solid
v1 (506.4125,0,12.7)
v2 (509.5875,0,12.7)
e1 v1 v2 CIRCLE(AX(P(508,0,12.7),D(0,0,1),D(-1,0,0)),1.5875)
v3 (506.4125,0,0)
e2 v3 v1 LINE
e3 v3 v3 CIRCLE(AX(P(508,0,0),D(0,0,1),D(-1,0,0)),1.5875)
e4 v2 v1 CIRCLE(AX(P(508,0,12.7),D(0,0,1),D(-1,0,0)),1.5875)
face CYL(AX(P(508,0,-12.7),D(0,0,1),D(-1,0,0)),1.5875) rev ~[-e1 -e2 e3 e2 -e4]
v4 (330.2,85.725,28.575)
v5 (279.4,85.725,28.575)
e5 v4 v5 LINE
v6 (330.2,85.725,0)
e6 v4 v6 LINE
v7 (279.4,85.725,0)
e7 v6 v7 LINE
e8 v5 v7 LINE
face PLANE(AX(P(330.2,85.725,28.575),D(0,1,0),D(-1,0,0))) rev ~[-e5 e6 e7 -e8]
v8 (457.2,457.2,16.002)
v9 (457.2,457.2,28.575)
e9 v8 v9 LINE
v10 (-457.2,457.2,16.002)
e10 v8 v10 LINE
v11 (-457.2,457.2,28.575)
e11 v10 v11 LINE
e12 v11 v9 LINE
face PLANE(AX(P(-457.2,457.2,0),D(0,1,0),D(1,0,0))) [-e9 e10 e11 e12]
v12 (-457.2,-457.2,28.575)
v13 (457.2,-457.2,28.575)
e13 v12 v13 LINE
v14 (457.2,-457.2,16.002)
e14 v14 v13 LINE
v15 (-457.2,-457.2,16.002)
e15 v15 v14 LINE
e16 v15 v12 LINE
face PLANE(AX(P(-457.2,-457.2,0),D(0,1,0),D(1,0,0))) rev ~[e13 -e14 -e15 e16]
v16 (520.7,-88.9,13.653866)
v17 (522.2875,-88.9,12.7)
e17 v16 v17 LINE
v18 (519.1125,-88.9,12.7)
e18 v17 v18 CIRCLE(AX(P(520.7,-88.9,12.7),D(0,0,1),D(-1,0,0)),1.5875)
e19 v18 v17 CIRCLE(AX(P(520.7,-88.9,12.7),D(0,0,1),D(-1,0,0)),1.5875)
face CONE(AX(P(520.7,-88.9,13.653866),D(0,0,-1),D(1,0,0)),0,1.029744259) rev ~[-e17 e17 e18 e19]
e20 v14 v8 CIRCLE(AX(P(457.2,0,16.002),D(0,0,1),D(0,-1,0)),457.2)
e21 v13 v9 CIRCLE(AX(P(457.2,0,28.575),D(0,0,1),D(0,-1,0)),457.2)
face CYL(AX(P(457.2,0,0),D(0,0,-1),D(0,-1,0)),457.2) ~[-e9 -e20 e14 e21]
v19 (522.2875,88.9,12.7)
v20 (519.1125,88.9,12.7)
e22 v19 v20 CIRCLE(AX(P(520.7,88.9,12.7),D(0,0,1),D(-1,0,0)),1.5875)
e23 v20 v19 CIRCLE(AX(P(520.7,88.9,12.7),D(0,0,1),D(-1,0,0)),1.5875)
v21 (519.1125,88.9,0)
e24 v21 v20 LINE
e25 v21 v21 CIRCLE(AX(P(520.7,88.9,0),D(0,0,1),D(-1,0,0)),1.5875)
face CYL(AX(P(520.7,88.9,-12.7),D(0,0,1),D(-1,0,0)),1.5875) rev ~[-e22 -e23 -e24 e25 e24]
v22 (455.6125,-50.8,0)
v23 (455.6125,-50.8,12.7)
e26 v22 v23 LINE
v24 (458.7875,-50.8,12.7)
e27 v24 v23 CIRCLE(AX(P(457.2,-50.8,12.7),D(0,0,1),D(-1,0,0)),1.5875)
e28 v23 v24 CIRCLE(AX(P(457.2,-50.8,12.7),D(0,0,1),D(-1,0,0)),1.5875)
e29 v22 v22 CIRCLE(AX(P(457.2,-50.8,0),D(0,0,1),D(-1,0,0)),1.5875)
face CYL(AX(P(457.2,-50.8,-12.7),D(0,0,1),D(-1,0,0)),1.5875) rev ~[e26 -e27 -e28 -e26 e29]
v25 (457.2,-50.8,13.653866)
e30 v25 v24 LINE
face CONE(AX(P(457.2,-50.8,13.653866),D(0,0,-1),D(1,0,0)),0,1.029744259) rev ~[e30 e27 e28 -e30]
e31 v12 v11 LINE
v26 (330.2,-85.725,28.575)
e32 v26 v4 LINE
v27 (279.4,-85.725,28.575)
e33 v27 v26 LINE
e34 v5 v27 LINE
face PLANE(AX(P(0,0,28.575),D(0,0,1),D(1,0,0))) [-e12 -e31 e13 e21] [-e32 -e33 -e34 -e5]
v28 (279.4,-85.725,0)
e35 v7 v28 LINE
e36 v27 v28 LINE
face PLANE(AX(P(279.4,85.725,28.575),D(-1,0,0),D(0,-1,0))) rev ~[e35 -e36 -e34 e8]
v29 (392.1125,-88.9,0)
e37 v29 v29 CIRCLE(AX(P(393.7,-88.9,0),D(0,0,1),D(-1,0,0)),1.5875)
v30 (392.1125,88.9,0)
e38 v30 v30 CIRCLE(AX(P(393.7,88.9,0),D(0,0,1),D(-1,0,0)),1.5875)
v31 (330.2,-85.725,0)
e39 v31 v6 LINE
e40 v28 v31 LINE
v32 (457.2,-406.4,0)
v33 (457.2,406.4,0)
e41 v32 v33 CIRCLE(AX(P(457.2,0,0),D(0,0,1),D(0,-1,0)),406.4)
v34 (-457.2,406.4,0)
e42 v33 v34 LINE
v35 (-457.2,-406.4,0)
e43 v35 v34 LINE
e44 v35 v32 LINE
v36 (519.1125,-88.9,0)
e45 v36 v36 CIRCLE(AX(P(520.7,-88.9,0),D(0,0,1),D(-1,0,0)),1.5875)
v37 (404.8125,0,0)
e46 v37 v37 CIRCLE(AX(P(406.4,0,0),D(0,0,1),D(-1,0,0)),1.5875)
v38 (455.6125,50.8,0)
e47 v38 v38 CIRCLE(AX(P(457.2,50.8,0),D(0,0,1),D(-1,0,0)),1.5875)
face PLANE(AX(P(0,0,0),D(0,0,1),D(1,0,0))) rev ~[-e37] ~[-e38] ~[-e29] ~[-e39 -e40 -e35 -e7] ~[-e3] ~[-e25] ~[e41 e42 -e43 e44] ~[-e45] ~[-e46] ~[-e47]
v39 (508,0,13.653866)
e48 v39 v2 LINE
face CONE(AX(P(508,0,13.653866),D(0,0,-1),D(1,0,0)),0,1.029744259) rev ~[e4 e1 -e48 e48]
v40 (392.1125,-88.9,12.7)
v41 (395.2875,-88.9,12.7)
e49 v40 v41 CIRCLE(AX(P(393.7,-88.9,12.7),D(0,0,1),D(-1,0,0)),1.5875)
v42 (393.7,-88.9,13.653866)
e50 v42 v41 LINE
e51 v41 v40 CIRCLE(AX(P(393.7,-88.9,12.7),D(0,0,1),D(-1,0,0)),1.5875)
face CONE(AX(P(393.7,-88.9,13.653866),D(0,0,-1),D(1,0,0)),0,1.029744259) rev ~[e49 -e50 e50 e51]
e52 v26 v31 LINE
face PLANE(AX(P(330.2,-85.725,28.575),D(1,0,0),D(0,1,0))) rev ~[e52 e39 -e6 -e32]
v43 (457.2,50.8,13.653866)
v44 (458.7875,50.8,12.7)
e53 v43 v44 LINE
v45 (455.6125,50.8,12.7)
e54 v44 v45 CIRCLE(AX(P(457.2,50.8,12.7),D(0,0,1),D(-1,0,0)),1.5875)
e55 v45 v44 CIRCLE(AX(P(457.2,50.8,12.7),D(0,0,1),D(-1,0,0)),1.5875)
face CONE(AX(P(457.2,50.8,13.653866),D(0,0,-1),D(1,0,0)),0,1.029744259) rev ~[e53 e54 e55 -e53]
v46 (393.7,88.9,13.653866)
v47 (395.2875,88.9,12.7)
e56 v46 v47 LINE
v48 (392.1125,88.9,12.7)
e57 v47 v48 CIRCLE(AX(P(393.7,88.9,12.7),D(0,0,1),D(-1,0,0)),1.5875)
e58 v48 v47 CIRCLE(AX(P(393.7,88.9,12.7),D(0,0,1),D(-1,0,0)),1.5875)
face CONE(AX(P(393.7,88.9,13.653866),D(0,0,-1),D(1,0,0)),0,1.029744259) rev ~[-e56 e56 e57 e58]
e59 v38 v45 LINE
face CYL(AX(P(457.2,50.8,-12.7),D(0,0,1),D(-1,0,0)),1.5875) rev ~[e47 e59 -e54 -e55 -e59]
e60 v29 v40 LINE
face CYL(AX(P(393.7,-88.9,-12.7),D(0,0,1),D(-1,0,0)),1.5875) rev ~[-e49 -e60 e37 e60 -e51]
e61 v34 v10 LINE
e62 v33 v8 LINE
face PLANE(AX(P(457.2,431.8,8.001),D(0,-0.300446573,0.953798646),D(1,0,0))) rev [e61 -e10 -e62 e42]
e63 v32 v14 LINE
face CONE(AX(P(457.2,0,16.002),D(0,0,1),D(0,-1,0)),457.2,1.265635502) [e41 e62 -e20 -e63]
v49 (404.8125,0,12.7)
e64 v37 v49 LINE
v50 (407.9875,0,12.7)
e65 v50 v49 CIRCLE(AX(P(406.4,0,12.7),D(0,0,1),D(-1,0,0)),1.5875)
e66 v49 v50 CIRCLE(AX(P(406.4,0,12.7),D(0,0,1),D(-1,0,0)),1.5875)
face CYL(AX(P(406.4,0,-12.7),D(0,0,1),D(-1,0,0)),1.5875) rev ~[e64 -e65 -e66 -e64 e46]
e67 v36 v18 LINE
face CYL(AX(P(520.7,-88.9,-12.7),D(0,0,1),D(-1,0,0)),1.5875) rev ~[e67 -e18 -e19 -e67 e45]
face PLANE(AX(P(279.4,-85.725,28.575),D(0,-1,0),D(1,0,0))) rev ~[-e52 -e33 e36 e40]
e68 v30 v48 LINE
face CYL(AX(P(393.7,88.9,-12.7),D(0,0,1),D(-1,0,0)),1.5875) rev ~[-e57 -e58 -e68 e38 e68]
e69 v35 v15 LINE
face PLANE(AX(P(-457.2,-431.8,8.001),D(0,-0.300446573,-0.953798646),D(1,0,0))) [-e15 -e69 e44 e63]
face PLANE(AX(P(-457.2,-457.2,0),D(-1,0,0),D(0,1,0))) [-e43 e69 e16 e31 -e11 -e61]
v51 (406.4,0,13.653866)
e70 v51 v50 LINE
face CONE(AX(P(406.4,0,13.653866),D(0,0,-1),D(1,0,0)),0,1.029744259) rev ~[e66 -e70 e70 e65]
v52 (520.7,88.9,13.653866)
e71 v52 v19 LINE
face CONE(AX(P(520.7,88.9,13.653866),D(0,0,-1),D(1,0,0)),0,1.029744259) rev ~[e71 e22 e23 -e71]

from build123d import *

# Parameters (mm, degrees)
F0_W     = 914.4
F0_H     = 914.4
F1_DEPTH = 28.575
F3_DEPTH = 31.75
F5_D     = 3.175
F5_DEPTH = 12.7
F5_TIP   = 0.9538662327
F6_SIZE2 = 16.002
F6_SIZE  = 50.8


with BuildPart() as f1:
    # F0 (on Top) → F1 (new body)
    with BuildSketch(Plane.XY):
        Rectangle(F0_W, F0_H)
        with BuildLine():
            ThreePointArc((457.2, -457.2), (914.4, 0), (457.2, 457.2))
            Line((457.2, 457.2), (457.2, -457.2))
        make_face()
    extrude(amount=F1_DEPTH)

    # F2 (on face) → F3 (cut)
    with BuildSketch(Plane.XY.offset(28.575)):
        Polygon((330.2, -85.725), (330.2, 0), (330.2, 85.725), (279.4, 85.725), (279.4, -85.725), align=None)
    extrude(amount=-F3_DEPTH, mode=Mode.SUBTRACT)

    # F5
    with Locations(Plane(origin=(0, 0, 0), x_dir=(1, 0, 0), z_dir=(0, 0, -1))):
        with Locations((393.7, 88.9), (520.7, 88.9), (457.2, 50.8), (406.4, 0), (508, 0), (457.2, -50.8), (393.7, -88.9), (520.7, -88.9)):
            Hole(F5_D / 2, depth=F5_DEPTH)
            with Locations((0, 0, -(F5_DEPTH + F5_TIP / 2))):  # 118° drill point
                Cone(0, F5_D / 2, F5_TIP, mode=Mode.SUBTRACT)

    # F6
    f6_edges = [f1.edges().sort_by_distance(p)[0] for p in [
        (0, -457.2, 0),
        (914.4, 0, 0),
        (0, 457.2, 0),
    ]]
    f6_side = f1.faces().sort_by_distance((182.702336, 0, 0))[0]
    chamfer(f6_edges, length=F6_SIZE, length2=F6_SIZE2, reference=f6_side)


solid = f1.part
